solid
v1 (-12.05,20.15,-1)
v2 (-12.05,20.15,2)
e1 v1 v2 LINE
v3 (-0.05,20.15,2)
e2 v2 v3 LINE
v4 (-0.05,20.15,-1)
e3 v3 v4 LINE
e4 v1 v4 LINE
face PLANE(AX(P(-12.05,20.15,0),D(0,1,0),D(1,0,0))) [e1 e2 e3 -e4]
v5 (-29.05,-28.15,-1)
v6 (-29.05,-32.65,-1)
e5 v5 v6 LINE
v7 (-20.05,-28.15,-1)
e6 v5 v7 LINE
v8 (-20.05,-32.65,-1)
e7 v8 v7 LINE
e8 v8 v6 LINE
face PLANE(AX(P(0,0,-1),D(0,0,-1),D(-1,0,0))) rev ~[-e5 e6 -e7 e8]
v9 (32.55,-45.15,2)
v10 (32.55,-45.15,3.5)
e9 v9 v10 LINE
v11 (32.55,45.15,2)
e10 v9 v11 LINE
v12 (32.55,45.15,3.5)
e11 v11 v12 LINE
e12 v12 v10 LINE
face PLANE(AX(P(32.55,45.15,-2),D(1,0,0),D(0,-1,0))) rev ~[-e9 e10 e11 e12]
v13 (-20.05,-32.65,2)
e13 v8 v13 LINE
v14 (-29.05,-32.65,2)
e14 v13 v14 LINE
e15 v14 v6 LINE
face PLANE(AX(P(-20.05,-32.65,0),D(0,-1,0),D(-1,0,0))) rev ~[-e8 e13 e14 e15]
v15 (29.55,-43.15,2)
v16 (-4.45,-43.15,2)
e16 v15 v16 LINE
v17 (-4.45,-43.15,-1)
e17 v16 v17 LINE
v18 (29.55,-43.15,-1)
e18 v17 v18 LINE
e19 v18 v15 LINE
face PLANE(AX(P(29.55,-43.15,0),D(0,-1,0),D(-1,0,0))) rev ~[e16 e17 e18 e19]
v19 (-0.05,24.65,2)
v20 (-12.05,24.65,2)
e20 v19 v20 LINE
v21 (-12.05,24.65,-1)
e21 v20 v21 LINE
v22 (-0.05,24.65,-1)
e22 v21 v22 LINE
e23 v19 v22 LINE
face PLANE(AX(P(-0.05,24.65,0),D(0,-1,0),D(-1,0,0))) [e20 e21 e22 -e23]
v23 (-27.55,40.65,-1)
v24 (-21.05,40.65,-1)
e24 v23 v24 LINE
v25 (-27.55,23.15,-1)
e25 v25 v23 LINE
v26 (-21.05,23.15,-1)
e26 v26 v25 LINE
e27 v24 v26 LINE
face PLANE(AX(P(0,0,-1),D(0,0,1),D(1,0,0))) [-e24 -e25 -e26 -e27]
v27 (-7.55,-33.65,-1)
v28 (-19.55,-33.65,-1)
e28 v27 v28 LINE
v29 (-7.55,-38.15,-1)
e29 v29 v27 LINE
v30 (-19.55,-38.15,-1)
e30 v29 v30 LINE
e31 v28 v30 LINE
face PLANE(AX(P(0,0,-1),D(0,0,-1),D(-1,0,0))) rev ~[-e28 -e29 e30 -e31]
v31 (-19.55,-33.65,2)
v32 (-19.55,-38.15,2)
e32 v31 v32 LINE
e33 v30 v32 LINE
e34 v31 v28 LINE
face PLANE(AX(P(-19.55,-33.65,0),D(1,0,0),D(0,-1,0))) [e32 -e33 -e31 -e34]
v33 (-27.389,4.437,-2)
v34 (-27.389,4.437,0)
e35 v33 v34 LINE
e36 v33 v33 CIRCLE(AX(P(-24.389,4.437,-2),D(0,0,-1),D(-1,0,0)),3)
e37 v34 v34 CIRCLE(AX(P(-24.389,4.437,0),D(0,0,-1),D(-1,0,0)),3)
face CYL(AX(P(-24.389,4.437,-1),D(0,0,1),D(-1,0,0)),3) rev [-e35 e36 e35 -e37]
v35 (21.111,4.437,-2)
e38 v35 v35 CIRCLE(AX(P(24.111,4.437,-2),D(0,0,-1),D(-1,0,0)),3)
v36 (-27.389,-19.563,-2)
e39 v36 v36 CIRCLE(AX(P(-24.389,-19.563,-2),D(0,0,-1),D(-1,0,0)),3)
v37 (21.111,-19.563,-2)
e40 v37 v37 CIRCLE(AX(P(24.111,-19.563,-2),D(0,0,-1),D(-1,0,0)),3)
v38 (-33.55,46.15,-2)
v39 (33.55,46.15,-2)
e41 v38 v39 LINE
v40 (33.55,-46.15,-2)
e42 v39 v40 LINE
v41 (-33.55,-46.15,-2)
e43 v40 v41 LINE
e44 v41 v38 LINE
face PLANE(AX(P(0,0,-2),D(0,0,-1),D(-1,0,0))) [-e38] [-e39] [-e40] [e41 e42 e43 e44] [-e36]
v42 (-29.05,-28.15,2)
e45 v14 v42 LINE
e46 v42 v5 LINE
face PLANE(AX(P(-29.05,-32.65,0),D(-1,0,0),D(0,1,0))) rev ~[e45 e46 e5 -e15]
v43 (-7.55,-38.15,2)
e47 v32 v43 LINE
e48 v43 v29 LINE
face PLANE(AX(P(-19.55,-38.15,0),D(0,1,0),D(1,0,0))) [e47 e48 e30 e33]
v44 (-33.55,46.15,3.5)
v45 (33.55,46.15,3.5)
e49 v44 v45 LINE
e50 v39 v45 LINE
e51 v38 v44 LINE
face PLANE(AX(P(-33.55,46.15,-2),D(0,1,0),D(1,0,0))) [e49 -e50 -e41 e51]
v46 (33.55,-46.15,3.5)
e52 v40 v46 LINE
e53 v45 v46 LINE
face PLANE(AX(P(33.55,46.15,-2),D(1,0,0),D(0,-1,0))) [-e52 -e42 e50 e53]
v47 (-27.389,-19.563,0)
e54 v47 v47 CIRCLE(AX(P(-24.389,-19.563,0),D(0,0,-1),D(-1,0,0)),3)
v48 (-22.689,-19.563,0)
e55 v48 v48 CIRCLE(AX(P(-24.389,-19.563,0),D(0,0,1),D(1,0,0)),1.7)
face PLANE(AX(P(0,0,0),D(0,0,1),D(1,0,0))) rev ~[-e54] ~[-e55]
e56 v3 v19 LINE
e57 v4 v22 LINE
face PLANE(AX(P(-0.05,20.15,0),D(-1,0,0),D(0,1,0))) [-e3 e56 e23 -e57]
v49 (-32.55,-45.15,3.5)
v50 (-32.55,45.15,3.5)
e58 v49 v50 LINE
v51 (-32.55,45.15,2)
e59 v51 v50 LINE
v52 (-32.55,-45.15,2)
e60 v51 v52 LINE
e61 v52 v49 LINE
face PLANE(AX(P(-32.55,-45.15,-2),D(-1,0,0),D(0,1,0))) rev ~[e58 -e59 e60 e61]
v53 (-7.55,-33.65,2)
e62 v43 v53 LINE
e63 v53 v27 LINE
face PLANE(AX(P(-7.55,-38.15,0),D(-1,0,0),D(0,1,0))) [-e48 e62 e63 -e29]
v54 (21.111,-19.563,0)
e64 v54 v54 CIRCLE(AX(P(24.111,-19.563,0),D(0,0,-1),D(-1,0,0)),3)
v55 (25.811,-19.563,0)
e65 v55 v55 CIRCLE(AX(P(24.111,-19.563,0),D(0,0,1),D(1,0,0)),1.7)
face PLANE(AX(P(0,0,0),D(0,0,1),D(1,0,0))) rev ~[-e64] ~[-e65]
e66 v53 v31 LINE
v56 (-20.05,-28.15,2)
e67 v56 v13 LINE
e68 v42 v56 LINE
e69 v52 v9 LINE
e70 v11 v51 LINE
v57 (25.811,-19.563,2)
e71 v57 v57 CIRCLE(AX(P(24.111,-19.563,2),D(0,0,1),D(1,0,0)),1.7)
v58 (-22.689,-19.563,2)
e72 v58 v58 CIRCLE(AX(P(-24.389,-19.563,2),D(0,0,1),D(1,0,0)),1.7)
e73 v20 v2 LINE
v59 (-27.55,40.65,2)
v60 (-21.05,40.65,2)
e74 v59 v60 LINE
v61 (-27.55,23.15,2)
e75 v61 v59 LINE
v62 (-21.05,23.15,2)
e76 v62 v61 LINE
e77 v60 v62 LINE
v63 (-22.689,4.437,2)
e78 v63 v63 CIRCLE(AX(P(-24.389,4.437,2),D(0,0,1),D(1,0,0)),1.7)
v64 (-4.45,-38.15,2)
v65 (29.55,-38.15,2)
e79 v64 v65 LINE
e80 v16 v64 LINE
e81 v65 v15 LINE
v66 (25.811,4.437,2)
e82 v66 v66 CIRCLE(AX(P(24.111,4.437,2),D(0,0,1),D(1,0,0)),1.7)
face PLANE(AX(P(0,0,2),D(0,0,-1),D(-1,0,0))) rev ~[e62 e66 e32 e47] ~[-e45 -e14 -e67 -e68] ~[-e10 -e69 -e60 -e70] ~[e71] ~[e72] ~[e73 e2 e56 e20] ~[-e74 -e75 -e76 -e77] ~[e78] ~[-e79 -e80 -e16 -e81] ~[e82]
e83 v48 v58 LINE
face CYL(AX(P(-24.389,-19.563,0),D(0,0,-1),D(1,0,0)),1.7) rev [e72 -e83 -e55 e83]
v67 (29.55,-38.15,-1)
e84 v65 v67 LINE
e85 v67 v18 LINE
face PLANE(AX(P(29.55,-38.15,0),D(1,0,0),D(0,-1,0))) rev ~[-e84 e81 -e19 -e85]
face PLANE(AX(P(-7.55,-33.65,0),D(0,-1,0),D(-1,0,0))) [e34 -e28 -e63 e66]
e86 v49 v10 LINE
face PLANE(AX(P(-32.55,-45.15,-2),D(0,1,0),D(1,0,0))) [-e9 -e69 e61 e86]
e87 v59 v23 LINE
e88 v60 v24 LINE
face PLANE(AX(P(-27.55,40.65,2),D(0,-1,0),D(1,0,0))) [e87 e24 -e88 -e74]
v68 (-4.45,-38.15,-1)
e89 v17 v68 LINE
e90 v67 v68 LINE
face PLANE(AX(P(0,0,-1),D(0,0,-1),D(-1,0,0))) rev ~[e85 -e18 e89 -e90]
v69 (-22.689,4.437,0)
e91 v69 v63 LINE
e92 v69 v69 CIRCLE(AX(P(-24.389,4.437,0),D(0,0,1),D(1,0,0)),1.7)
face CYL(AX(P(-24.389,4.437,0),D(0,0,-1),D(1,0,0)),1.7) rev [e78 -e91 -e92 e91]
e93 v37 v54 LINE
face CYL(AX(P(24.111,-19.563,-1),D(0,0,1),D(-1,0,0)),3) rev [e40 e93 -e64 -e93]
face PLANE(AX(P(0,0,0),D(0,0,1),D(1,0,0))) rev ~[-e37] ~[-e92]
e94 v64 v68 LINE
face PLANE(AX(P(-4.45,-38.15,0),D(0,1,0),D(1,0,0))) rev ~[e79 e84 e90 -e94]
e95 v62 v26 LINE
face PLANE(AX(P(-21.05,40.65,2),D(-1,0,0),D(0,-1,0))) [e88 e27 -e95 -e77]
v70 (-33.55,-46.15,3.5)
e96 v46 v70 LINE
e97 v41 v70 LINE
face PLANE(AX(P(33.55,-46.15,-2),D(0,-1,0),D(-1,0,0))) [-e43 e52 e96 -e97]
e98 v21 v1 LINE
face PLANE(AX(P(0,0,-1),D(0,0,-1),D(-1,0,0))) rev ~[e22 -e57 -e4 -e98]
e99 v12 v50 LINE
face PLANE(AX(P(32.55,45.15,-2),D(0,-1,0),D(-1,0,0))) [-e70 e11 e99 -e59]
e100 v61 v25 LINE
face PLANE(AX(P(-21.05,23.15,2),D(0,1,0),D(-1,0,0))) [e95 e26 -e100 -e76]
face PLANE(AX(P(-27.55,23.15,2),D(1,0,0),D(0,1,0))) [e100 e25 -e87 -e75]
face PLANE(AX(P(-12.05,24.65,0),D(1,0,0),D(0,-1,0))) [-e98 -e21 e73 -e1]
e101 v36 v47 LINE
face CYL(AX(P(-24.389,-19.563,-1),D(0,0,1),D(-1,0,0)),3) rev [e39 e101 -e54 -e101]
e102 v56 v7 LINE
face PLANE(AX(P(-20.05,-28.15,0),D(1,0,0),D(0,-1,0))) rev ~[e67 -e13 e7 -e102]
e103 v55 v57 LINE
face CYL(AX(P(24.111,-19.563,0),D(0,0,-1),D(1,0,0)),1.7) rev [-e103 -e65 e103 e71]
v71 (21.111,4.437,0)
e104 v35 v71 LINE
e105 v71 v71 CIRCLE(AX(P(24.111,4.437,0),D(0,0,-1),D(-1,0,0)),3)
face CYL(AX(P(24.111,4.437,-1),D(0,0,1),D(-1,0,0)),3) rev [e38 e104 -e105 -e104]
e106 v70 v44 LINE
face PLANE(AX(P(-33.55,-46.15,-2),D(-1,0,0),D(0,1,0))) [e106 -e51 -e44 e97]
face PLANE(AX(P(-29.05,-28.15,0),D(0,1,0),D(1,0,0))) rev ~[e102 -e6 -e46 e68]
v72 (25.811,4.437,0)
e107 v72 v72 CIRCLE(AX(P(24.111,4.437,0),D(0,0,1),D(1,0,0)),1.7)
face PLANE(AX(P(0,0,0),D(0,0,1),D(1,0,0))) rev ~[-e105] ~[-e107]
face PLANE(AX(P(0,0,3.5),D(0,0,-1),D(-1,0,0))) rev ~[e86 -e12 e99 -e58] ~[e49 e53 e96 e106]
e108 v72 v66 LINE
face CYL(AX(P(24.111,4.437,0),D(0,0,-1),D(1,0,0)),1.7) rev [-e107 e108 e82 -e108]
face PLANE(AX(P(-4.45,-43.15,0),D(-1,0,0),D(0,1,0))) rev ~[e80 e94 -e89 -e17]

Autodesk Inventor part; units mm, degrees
ref_plane "YZ Plane" through (0, 0, 0) normal (1, 0, 0) x (0, 1, 0)
ref_plane "XZ Plane" through (0, 0, 0) normal (0, 1, 0) x (-1, 0, 0)
ref_plane "XY Plane" through (0, 0, 0) normal (0, 0, 1) x (1, 0, 0)
sketch "草图1" plane through (0, 0, 0) normal (0, 0, 1) x (1, 0, 0)
  line L0 (32.05, -44.65) -> (-32.05, -44.65)
  line L1 (-32.05, -44.65) -> (-32.05, 44.65)
  line L2 (-32.05, 44.65) -> (32.05, 44.65)
  line L3 (32.05, 44.65) -> (32.05, -44.65)
  line L4 (32.05, -44.65) -> (-32.05, 44.65) construction
  line L5 (-32.05, -44.65) -> (32.05, 44.65) construction
  line L6 (24.111, -19.563) -> (-24.389, -19.563) construction
  line L7 (-24.389, -19.563) -> (-24.389, 4.437) construction
  line L8 (-24.389, 4.437) -> (24.111, 4.437) construction
  line L9 (24.111, 4.437) -> (24.111, -19.563) construction
  line L10 (24.111, -19.563) -> (-24.389, 4.437) construction
  line L11 (-24.389, -19.563) -> (24.111, 4.437) construction
  circle A0 centre (-24.389, 4.437) radius 1.7
  circle A1 centre (-24.389, -19.563) radius 1.7
  circle A2 centre (24.111, 4.437) radius 1.7
  circle A3 centre (24.111, -19.563) radius 1.7
  line L12 (29.55, -43.15) -> (-4.45, -43.15)
  line L13 (-4.45, -43.15) -> (-4.45, -38.15)
  line L14 (-4.45, -38.15) -> (29.55, -38.15)
  line L15 (29.55, -38.15) -> (29.55, -43.15)
  line L16 (-19.55, -38.15) -> (-7.55, -38.15)
  line L17 (-7.55, -38.15) -> (-7.55, -33.65)
  line L18 (-7.55, -33.65) -> (-19.55, -33.65)
  line L19 (-19.55, -33.65) -> (-19.55, -38.15)
  line L20 (-20.05, -32.65) -> (-29.05, -32.65)
  line L21 (-29.05, -32.65) -> (-29.05, -28.15)
  line L22 (-29.05, -28.15) -> (-20.05, -28.15)
  line L23 (-20.05, -28.15) -> (-20.05, -32.65)
  line L24 (-12.05, 20.15) -> (-0.05, 20.15)
  line L25 (-0.05, 20.15) -> (-0.05, 24.65)
  line L26 (-0.05, 24.65) -> (-12.05, 24.65)
  line L27 (-12.05, 24.65) -> (-12.05, 20.15)
  point P0 (0, 0)
  point P1 (-0.139, -7.563)
  point P2 (-20.05, -30.4)
  dimension "d0" = 64.1
  dimension "d1" = 89.3
  dimension "d2" = 48.5
  dimension "d3" = 24
  dimension "d4" = 52.213
  dimension "d5" = 37.087
  dimension "d6" = 32.189
  dimension "d7" = 31.911
  dimension "d8" = 3.4
  dimension "d16" = 6.5
  dimension "d20" = 24.5
  dimension "d21" = 36.5
  dimension "d22" = 12.5
  dimension "d23" = 11
  dimension "d24" = 6.5
  dimension "d25" = 2.5
  dimension "d26" = 1.5
  dimension "d27" = 12
  dimension "d28" = 12
  dimension "d29" = 3
  dimension "d30" = 16.5
  dimension "d31" = 32
  dimension "d32" = 20
  dimension "d33" = 24.5
  dimension "d34" = 20
extrude "拉伸1" add sketch "草图1" along normal blind 2
sketch "草图5" plane through (0, 0, 0) normal (0, 0, -1) x (-1, 0, 0)
  circle A0 centre (24.389, -19.563) radius 1.7 projected
  circle A1 centre (24.389, -19.563) radius 3
  circle A2 centre (24.389, 4.437) radius 1.7 projected
  circle A3 centre (24.389, 4.437) radius 3
  circle A4 centre (-24.111, -19.563) radius 1.7 projected
  circle A5 centre (-24.111, -19.563) radius 3
  circle A6 centre (-24.111, 4.437) radius 1.7 projected
  circle A7 centre (-24.111, 4.437) radius 3
  line L0 (-32.05, 44.65) -> (32.05, 44.65) projected
  line L1 (32.05, -44.65) -> (-32.05, -44.65)
  line L2 (-32.05, -44.65) -> (-32.05, 44.65)
  line L3 (-32.05, 44.65) -> (32.05, 44.65)
  line L4 (32.05, 44.65) -> (32.05, -44.65)
  line L5 (20.05, -32.65) -> (29.05, -32.65) projected
  line L6 (29.05, -28.15) -> (20.05, -28.15) projected
  line L7 (29.05, -32.65) -> (20.05, -32.65)
  line L8 (20.05, -32.65) -> (20.05, -28.15)
  line L9 (20.05, -28.15) -> (29.05, -28.15)
  line L10 (29.05, -28.15) -> (29.05, -32.65)
  line L11 (7.55, -38.15) -> (19.55, -38.15) projected
  line L12 (19.55, -38.15) -> (7.55, -38.15)
  line L13 (7.55, -38.15) -> (7.55, -33.65)
  line L14 (7.55, -33.65) -> (19.55, -33.65)
  line L15 (19.55, -33.65) -> (19.55, -38.15)
  line L16 (4.45, -43.15) -> (4.45, -38.15) projected
  line L17 (-29.55, -38.15) -> (-29.55, -43.15) projected
  line L18 (4.45, -43.15) -> (-29.55, -43.15)
  line L19 (-29.55, -43.15) -> (-29.55, -38.15)
  line L20 (-29.55, -38.15) -> (4.45, -38.15)
  line L21 (4.45, -38.15) -> (4.45, -43.15)
  line L22 (12.05, 24.65) -> (0.05, 24.65) projected
  line L23 (12.05, 20.15) -> (0.05, 20.15)
  line L24 (0.05, 20.15) -> (0.05, 24.65)
  line L25 (0.05, 24.65) -> (12.05, 24.65)
  line L26 (12.05, 24.65) -> (12.05, 20.15)
  point P0 (0, 0)
  dimension "d48" = 6
  dimension "d49" = 6
  dimension "d50" = 6
  dimension "d51" = 6
extrude "拉伸5" add sketch "草图5" along normal blind 1 contours L0 L4 L1 L2
sketch "草图6" plane through (0, 0, -1) normal (0, 0, -1) x (-1, 0, 0)
  line L0 (-32.05, 44.65) -> (32.05, 44.65) projected
  line L1 (32.05, -44.65) -> (-32.05, -44.65)
  line L2 (-32.05, -44.65) -> (-32.05, 44.65)
  line L3 (-32.05, 44.65) -> (32.05, 44.65)
  line L4 (32.05, 44.65) -> (32.05, -44.65)
  circle A0 centre (24.389, -19.563) radius 3 projected
  circle A1 centre (24.389, -19.563) radius 3
  circle A2 centre (24.389, 4.437) radius 3 projected
  circle A3 centre (24.389, 4.437) radius 3
  circle A4 centre (-24.111, -19.563) radius 1.7 projected
  circle A5 centre (-24.111, -19.563) radius 3
  circle A6 centre (-24.111, 4.437) radius 1.7 projected
  circle A7 centre (-24.111, 4.437) radius 3
  point P0 (0, 0)
extrude "拉伸6" add sketch "草图6" along normal blind 1 contours L0 L4 L1 L2
sketch "草图7" plane through (0, 0, 2) normal (0, 0, 1) x (1, 0, 0)
  line L0 (32.05, 44.65) -> (-32.05, 44.65) construction
  line L1 (32.05, 44.65) -> (-32.05, 44.65) construction
  line L2 (-32.05, 44.65) -> (-32.05, -44.65) construction
  line L3 (-32.05, -44.65) -> (32.05, -44.65) construction
  line L4 (32.05, -44.65) -> (32.05, 44.65) construction
  line L5 (-27.55, 40.65) -> (-21.05, 40.65)
  line L6 (-21.05, 40.65) -> (-21.05, 23.15)
  line L7 (-21.05, 23.15) -> (-27.55, 23.15)
  line L8 (-27.55, 23.15) -> (-27.55, 40.65)
  point P0 (0, 0)
  point P1 (-21.05, 31.9)
  dimension "d56" = 4.5
  dimension "d58" = 4
  dimension "d59" = 21.5
  dimension "d68" = 6.5
extrude "拉伸7" cut sketch "草图7" against normal blind 3
sketch "草图8" plane through (0, 0, -2) normal (0, 0, -1) x (-1, 0, 0)
  line L0 (32.05, 44.65) -> (32.05, -44.65) projected
  line L1 (-32.05, -44.65) -> (-32.05, 44.65) projected
  line L2 (32.05, 44.65) -> (-32.05, 44.65)
  line L3 (-32.05, 44.65) -> (-32.05, -44.65)
  line L4 (-32.05, -44.65) -> (32.05, -44.65)
  line L5 (32.05, -44.65) -> (32.05, 44.65)
  line L6 (-32.55, 45.15) -> (32.55, 45.15)
  line L7 (32.55, 45.15) -> (32.55, -45.15)
  line L8 (32.55, -45.15) -> (-32.55, -45.15)
  line L9 (-32.55, -45.15) -> (-32.55, 45.15)
  point P0 (0, 0)
  dimension "d62" = 0.5
extrude "拉伸8" add sketch "草图8" against normal up to surface (4 mm away)
sketch "草图9" plane through (0, 0, -2) normal (0, 0, -1) x (-1, 0, 0)
  line L0 (-32.55, 45.15) -> (-32.55, -45.15) projected
  line L1 (32.55, -45.15) -> (32.55, 45.15) projected
  line L2 (-32.55, 45.15) -> (32.55, 45.15)
  line L3 (32.55, 45.15) -> (32.55, -45.15)
  line L4 (32.55, -45.15) -> (-32.55, -45.15)
  line L5 (-32.55, -45.15) -> (-32.55, 45.15)
  line L6 (33.55, 46.15) -> (-33.55, 46.15)
  line L7 (-33.55, 46.15) -> (-33.55, -46.15)
  line L8 (-33.55, -46.15) -> (33.55, -46.15)
  line L9 (33.55, -46.15) -> (33.55, 46.15)
  point P0 (0, 0)
  dimension "d65" = 1
extrude "拉伸9" add sketch "草图9" against normal blind 5.5
properties part number "TES_ESP32-Case"
